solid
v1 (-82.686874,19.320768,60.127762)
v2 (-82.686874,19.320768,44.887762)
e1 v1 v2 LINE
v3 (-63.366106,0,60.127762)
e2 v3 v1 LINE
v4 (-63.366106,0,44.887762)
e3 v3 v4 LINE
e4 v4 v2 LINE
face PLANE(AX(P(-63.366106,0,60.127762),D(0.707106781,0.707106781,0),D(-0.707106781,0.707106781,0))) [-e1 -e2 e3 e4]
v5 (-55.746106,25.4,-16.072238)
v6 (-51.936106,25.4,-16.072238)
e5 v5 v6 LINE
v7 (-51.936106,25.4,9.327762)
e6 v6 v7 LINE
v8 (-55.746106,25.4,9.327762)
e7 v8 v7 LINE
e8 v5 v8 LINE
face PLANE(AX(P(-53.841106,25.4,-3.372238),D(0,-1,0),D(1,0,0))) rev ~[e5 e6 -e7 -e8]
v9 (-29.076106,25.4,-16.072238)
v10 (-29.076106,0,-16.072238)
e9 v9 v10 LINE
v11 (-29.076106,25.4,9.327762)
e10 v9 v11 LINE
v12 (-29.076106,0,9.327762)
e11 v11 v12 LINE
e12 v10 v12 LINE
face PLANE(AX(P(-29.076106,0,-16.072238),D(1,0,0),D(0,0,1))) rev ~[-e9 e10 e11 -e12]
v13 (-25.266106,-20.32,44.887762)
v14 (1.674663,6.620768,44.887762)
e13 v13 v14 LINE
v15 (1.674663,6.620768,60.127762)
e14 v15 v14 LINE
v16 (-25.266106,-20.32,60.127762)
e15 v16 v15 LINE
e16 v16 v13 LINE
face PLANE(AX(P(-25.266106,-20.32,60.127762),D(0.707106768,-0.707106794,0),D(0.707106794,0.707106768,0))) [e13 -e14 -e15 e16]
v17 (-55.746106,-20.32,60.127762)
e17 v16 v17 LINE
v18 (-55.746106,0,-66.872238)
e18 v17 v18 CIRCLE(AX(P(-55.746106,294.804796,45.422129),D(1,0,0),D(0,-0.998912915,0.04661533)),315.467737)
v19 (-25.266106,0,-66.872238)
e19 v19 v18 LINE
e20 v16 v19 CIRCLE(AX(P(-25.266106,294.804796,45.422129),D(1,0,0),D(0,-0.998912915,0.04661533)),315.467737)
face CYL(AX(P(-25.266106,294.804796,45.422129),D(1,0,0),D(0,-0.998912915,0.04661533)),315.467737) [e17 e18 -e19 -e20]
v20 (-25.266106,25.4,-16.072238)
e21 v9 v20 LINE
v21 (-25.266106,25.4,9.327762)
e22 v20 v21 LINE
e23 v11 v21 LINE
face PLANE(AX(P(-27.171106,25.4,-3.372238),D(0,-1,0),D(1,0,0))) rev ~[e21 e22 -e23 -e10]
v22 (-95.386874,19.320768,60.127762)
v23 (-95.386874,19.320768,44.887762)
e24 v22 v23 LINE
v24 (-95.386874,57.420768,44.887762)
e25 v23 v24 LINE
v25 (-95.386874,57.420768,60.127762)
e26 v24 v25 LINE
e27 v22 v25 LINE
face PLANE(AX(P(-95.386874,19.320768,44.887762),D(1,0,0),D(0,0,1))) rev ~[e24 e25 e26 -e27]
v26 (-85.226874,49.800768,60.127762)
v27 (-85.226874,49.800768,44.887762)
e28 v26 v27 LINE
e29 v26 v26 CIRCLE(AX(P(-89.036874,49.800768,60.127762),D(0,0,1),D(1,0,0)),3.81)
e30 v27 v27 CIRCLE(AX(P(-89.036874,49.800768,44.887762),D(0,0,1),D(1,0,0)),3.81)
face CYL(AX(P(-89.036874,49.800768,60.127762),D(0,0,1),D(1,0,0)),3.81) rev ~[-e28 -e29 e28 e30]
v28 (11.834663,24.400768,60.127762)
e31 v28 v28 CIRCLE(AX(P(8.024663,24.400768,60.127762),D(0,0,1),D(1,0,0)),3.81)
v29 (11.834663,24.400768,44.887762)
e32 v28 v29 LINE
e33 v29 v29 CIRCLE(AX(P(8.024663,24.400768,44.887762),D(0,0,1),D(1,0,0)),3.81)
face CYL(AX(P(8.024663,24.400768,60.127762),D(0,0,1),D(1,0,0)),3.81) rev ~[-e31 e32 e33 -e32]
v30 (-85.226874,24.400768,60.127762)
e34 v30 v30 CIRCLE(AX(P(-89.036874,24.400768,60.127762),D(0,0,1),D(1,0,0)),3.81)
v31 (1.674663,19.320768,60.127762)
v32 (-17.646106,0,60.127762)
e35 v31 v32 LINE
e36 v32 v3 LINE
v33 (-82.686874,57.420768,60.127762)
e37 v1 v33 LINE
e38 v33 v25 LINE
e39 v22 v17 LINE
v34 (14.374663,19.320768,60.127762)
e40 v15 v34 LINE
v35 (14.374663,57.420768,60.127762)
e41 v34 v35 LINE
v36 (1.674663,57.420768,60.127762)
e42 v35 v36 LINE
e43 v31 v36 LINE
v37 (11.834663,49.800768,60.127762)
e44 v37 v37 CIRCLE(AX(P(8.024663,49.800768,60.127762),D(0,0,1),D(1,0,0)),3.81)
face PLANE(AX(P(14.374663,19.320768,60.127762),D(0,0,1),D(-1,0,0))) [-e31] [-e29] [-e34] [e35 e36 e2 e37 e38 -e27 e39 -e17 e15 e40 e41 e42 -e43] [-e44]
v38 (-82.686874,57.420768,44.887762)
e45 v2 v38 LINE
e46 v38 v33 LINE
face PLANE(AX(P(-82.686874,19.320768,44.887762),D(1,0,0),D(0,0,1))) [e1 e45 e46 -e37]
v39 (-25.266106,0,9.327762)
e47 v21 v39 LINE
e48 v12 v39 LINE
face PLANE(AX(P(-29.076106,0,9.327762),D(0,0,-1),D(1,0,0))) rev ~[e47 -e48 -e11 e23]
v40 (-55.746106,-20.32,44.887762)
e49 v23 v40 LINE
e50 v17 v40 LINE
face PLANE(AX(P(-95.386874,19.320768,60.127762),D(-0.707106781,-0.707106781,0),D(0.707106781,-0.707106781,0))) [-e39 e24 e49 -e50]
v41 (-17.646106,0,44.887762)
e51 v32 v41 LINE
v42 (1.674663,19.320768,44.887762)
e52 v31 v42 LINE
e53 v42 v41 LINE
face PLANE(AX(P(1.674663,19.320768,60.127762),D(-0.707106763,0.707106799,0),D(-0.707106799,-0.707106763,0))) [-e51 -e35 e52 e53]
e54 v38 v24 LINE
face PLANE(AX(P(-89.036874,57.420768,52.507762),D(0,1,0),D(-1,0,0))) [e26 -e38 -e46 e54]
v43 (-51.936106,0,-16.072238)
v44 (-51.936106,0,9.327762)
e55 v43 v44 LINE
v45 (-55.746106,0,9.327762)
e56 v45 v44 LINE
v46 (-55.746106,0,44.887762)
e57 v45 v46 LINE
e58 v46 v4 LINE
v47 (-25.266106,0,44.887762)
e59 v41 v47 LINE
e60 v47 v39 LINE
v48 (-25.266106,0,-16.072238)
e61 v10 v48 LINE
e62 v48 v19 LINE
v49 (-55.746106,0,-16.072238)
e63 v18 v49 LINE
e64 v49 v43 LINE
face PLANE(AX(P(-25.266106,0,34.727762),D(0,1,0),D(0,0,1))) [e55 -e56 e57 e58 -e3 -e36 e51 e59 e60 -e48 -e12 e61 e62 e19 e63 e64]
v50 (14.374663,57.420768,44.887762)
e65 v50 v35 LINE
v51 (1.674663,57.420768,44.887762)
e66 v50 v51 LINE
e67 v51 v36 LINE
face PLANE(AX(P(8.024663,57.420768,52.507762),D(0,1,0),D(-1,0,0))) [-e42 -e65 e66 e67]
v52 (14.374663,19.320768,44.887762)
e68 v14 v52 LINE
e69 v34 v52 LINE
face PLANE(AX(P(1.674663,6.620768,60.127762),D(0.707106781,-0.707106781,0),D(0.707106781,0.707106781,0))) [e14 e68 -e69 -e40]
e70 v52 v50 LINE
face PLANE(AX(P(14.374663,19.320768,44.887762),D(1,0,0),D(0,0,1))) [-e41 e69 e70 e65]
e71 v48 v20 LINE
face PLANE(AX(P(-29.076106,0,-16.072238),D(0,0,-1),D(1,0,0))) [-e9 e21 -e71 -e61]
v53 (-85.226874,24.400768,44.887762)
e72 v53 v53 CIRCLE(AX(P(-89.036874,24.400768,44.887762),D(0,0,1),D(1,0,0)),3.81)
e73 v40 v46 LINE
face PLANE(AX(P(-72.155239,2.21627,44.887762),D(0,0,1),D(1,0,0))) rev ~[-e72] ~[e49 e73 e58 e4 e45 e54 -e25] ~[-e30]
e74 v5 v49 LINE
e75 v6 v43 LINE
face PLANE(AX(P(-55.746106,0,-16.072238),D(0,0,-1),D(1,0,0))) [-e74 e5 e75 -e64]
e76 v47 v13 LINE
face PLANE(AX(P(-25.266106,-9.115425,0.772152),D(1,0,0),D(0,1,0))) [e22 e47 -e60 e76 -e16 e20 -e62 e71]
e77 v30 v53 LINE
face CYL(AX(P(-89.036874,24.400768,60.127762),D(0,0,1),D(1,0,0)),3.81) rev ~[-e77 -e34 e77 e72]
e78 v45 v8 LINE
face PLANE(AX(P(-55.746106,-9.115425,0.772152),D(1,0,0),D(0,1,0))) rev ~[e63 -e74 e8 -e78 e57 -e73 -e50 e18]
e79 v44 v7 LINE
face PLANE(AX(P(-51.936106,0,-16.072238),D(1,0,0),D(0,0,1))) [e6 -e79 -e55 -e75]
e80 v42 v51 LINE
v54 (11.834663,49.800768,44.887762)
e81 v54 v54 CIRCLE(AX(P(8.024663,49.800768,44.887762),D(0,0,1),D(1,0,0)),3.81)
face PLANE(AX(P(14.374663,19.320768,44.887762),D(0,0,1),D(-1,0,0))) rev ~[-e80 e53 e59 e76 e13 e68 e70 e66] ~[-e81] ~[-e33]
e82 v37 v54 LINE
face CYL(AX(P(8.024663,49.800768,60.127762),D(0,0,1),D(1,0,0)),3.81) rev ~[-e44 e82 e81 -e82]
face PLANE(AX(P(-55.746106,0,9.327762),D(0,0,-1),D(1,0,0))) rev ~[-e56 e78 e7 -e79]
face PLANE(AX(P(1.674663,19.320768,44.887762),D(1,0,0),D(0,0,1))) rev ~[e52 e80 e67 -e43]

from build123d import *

# Parameters (mm, degrees)
F0_W          = 3.81
F0_H          = 25.4
F1_DEPTH      = 7.62
F2_DEPTH      = 25.4
F2_DEPTH_BACK = 7.62
F4_DEPTH      = 30.48
F6_DEPTH      = 15.24
F6_FACE_W     = 12.7
F6_FACE_H     = 15.24
F7_DEPTH      = 38.1
F8_R          = 3.81
F9_DEPTH      = 25.4


with BuildPart() as f1:
    # F0 (on Front) → F1 (new body)
    with BuildSketch(Plane.XZ):
        Polygon((-25.266106, 34.727762), (-55.746106, 34.727762), (-55.746106, 9.327762), (-51.936106, 9.327762), (-51.936106, -16.072238), (-55.746106, -16.072238), (-55.746106, -41.472238), (-25.266106, -41.472238), (-25.266106, -16.072238), (-29.076106, -16.072238), (-29.076106, 9.327762), (-25.266106, 9.327762), align=None)
        with Locations((-53.841106, -3.372238)):
            Rectangle(F0_W, F0_H)
        with Locations((-27.171106, -3.372238)):
            Rectangle(F0_W, F0_H)
    extrude(amount=F1_DEPTH)

    # F0 (on Front) → F2 (join, two sides)
    with BuildSketch(Plane.XZ) as f2_sk:
        with Locations((-53.841106, -3.372238)):
            Rectangle(F0_W, F0_H)
        with Locations((-27.171106, -3.372238)):
            Rectangle(F0_W, F0_H)
    extrude(amount=-F2_DEPTH)
    extrude(f2_sk.sketch, amount=-F2_DEPTH_BACK)

    # F3 (on face) → F4 (join)
    with BuildSketch(Plane.YZ.offset(-25.266106)):
        with BuildLine():
            Line((-7.62, 34.727762), (0, 34.727762))
            Line((0, 34.727762), (0, 60.127762))
            Line((0, 60.127762), (-20.32, 60.127762))
            ThreePointArc((-20.32, 60.127762), (-16.700865, -4.418776), (0, -66.872238))
            Line((0, -66.872238), (0, -41.472238))
            Line((0, -41.472238), (-7.62, -41.472238))
            Line((-7.62, -41.472238), (-7.62, 34.727762))
        make_face()
    extrude(amount=-F4_DEPTH)

    # F5 (on face) → F6 (join)
    with BuildSketch(Plane.XY.offset(60.127762)):
        Polygon((-25.266106, 0), (-25.266106, -20.32), (1.674663, 6.620768), (14.374663, 19.320768), (1.674663, 19.320768), (-17.646106, 0), align=None)
        Polygon((-82.686874, 6.620768), (-55.746106, -20.32), (-55.746106, 0), (-63.366106, 0), (-82.686874, 19.320768), (-95.386874, 19.320768), align=None)
    extrude(amount=-F6_DEPTH)

    # F6_face (on face) → F7 (join)
    with BuildSketch(Plane(origin=(8.024663, 19.320768, 52.507762), x_dir=(-1, 0, 0), z_dir=(0, 1, 0))):
        Rectangle(F6_FACE_W, F6_FACE_H)
        with Locations((97.061537, 0)):
            Rectangle(F6_FACE_W, F6_FACE_H)
    extrude(amount=F7_DEPTH)

    # F8 (on face) → F9 (cut)
    with BuildSketch(Plane.XY.offset(60.127762)):
        with Locations((-89.036874, 49.800768)):
            Circle(F8_R)
        with Locations((-89.036874, 24.400768)):
            Circle(F8_R)
        with Locations((8.024663, 49.800768)):
            Circle(F8_R)
        with Locations((8.024663, 24.400768)):
            Circle(F8_R)
    extrude(amount=-F9_DEPTH, mode=Mode.SUBTRACT)


solid = f1.part
